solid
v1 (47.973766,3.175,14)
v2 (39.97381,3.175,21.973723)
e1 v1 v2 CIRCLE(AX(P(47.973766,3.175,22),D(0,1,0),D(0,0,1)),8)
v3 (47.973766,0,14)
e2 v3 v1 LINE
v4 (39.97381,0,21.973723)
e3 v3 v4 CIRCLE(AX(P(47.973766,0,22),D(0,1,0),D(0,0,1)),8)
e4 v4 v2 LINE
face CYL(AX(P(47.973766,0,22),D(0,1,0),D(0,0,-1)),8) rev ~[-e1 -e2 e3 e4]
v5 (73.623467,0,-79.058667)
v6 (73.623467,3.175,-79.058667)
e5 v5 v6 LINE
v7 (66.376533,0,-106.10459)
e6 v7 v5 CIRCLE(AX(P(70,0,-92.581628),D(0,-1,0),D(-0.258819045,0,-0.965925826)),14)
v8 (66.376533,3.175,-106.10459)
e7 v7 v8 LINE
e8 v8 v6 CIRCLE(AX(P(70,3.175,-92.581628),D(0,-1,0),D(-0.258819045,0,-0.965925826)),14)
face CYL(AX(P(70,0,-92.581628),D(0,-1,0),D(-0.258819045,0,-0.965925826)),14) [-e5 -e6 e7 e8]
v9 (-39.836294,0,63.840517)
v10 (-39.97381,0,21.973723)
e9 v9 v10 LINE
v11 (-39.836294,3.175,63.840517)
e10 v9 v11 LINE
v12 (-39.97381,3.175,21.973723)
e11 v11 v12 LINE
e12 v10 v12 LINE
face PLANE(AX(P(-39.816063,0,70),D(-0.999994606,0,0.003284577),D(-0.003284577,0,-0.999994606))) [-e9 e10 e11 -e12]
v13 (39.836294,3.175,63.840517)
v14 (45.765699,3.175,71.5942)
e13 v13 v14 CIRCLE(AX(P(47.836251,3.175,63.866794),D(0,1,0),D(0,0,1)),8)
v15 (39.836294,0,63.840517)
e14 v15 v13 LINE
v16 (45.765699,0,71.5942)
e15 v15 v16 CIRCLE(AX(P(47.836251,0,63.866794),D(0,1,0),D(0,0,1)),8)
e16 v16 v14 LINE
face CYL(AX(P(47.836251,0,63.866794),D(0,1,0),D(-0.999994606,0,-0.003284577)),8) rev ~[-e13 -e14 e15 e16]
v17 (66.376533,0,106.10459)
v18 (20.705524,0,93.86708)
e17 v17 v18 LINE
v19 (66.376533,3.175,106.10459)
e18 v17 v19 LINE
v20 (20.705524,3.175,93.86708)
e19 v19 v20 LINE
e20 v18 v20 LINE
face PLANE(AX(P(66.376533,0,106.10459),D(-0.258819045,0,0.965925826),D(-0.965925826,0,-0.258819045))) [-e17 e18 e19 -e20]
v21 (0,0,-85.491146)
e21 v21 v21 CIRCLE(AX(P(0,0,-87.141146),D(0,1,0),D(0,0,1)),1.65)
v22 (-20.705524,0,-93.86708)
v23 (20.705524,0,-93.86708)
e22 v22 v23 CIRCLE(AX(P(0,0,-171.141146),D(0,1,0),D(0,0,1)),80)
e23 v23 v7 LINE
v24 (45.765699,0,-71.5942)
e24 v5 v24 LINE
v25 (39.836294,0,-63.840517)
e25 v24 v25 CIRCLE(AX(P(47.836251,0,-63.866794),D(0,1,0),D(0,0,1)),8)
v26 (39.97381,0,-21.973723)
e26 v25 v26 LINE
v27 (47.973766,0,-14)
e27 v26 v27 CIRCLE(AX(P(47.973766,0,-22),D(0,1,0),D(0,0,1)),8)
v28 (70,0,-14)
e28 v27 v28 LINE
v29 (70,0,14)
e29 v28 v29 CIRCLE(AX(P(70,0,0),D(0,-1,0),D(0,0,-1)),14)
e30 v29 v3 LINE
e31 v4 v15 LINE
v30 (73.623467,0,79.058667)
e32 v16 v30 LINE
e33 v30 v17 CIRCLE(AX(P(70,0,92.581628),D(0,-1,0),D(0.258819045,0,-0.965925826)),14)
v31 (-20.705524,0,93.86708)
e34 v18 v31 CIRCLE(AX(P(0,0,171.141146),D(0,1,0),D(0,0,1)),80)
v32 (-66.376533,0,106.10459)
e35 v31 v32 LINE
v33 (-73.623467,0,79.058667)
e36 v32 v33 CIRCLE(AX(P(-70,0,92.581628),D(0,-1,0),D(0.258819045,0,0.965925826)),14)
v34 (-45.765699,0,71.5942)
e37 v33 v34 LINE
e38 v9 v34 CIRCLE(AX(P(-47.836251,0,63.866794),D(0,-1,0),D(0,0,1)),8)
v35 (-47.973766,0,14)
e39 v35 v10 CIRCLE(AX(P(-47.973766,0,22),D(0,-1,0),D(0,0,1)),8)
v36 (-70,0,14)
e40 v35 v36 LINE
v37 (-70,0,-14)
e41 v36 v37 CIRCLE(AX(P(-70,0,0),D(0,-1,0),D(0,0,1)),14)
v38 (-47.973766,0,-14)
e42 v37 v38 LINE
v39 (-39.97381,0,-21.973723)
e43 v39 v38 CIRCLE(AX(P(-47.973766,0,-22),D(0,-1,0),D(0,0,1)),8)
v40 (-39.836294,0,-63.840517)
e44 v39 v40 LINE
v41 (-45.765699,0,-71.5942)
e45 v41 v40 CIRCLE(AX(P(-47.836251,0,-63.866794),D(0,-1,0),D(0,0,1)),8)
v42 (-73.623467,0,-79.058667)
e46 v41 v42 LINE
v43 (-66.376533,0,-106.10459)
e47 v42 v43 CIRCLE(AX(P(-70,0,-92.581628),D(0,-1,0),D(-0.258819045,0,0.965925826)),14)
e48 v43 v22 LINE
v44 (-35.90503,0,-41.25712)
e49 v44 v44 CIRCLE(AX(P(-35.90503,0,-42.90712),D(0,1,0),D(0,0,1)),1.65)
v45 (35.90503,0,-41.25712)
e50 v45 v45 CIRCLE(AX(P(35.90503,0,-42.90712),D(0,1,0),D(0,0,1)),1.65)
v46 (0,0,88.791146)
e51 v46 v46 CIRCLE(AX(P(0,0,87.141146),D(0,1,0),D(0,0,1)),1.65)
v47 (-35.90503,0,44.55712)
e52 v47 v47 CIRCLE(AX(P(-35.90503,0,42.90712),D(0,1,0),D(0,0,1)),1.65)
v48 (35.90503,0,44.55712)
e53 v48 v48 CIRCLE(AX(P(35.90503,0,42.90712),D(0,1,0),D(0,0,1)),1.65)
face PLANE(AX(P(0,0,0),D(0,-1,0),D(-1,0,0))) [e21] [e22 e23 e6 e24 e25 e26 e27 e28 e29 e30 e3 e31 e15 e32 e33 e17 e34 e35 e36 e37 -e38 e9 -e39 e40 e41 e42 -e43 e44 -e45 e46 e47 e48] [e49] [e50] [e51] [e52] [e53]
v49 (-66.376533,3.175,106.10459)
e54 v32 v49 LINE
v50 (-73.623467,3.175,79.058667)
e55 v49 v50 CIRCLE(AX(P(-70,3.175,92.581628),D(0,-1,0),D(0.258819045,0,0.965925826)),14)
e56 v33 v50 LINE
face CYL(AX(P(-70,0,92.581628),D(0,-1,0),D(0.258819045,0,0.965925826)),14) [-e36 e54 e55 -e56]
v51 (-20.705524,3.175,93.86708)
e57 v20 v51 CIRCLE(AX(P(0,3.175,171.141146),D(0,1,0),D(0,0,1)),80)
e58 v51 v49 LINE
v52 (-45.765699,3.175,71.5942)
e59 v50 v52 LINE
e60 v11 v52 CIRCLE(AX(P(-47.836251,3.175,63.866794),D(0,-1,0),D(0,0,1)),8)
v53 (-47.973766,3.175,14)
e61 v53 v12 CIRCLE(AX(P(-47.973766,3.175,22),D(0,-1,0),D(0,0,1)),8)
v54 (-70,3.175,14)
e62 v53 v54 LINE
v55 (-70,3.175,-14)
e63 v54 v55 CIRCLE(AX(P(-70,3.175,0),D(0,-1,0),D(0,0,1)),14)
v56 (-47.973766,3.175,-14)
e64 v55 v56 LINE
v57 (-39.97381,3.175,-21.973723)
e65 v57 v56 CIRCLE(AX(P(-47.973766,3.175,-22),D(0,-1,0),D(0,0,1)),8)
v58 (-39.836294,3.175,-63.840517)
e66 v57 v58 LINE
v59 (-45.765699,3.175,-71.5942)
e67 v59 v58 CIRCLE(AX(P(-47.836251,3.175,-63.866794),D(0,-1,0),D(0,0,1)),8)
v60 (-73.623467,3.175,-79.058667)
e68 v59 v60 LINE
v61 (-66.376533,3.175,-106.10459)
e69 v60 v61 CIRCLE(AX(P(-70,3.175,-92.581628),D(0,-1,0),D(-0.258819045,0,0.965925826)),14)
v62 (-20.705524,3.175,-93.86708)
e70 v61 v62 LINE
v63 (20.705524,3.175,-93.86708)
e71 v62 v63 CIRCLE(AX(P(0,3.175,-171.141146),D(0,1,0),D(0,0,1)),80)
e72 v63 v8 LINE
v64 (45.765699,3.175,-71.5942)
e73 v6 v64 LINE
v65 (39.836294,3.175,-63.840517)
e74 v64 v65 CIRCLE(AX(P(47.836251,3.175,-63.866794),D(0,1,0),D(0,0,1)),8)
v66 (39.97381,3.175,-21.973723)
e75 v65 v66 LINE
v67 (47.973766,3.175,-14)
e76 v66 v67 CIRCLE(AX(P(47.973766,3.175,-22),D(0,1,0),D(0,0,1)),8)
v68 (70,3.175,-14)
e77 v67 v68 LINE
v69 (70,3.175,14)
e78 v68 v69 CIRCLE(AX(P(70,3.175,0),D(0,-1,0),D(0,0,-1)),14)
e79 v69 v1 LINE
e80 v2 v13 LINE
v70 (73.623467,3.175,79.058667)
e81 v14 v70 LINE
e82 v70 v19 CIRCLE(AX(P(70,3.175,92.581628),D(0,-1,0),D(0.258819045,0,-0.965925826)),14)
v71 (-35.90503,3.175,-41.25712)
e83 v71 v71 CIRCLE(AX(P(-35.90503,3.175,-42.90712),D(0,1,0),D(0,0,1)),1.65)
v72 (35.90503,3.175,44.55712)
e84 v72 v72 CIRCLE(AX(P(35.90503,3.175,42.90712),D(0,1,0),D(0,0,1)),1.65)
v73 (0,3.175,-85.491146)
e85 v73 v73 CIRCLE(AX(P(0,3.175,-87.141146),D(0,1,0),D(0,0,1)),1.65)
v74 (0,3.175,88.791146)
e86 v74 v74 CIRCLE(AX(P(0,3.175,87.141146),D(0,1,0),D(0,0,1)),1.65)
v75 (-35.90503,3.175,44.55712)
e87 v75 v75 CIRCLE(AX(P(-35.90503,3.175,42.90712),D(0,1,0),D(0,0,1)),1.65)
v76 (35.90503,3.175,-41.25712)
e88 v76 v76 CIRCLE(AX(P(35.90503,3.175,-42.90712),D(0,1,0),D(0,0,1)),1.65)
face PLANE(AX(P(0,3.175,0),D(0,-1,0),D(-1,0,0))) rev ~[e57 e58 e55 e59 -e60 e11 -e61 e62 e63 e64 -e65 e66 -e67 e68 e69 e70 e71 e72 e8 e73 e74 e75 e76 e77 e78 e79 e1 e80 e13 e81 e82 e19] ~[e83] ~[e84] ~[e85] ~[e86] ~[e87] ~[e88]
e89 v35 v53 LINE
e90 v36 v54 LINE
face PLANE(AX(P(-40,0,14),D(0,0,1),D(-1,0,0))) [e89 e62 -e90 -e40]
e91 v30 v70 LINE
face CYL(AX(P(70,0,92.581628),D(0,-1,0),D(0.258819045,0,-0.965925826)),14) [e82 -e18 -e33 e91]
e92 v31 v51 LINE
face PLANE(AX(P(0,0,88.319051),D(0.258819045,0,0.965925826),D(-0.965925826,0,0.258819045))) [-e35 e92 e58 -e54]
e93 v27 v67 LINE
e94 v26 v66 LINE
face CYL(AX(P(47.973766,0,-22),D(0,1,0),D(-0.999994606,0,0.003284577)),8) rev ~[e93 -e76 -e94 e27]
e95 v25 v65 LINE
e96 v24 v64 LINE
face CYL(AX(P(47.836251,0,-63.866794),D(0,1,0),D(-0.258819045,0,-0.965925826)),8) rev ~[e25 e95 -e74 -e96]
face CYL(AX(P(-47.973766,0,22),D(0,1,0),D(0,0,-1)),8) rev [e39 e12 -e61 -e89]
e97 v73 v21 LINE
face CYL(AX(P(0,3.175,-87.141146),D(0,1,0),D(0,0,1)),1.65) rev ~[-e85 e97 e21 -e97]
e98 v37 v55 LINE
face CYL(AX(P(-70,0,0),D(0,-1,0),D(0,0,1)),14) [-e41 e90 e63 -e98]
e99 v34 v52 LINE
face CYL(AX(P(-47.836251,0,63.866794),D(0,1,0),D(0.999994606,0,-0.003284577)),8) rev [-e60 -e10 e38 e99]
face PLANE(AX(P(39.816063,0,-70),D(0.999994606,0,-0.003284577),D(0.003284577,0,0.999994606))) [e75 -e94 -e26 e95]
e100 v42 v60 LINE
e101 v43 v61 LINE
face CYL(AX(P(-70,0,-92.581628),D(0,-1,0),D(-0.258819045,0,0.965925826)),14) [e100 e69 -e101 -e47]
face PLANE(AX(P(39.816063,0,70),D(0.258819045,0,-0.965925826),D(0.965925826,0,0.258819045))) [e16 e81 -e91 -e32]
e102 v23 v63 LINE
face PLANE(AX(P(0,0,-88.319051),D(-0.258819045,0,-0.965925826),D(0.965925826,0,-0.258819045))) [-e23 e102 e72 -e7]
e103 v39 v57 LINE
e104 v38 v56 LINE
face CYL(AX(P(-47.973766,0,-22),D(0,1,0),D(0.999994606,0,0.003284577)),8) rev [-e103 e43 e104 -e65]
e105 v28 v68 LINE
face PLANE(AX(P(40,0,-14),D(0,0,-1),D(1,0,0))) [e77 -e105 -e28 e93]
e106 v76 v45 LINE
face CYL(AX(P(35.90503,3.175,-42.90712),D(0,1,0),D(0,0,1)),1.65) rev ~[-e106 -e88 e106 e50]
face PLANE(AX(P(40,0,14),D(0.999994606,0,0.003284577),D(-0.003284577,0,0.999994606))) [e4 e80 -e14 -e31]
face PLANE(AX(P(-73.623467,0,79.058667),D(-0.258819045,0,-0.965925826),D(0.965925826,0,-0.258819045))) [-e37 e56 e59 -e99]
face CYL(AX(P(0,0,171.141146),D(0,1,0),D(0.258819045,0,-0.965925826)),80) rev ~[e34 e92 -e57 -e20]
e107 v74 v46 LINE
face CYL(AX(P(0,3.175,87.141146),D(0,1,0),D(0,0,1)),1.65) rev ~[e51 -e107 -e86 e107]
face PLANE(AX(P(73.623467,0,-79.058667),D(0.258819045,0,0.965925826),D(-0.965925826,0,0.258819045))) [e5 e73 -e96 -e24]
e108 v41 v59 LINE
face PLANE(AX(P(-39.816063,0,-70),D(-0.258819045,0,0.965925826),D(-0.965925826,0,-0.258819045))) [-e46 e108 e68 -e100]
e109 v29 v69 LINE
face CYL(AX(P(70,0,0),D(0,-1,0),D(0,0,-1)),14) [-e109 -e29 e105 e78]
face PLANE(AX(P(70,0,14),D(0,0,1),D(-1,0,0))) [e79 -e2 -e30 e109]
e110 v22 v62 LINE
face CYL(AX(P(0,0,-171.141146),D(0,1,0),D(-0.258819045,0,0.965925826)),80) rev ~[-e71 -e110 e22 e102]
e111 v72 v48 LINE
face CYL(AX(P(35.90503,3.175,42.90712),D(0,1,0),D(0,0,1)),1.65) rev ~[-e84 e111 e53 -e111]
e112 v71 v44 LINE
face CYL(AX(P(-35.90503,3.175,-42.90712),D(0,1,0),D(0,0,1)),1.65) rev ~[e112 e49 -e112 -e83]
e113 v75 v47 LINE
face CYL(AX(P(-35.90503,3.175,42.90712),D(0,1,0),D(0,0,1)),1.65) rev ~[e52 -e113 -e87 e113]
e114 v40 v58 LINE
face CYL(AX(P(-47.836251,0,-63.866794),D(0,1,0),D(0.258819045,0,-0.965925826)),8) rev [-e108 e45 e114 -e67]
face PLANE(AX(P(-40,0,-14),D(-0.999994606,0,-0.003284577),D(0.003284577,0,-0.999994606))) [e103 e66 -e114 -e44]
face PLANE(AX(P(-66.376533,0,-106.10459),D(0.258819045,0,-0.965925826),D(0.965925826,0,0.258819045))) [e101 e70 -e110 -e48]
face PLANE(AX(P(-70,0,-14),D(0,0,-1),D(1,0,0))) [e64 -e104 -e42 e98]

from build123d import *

# Parameters (mm, degrees)
BOSS_EXTRUDE1_DEPTH = 3.175
FILLET1_R           = 80
FILLET2_R           = 8
SKETCH2_R           = 1.65
CUT_EXTRUDE1_DEPTH  = 10


with BuildPart() as part:
    # Sketch1 → Boss-Extrude1 (new body)
    with BuildSketch(Plane(origin=(0, 0, 0), x_dir=(1, 0, 0), z_dir=(0, 1, 0))):
        with BuildLine():
            Line((-70, 14), (-40, 14))
            Line((-40, 14), (-39.816062711, 70))
            Line((-39.816062711, 70), (-73.623466631, 79.058666579))
            ThreePointArc((-73.623466631, 79.058666579), (-83.522961568, 96.205094778), (-66.376533369, 106.104589715))
            Line((-66.376533369, 106.104589715), (0, 88.319051202))
            Line((0, 88.319051202), (66.376533369, 106.104589715))
            ThreePointArc((66.376533369, 106.104589715), (83.522961568, 96.205094778), (73.623466631, 79.058666579))
            Line((73.623466631, 79.058666579), (39.816062711, 70))
            Line((39.816062711, 70), (40, 14))
            Line((40, 14), (70, 14))
            ThreePointArc((70, 14), (84, 0), (70, -14))
            Line((70, -14), (40, -14))
            Line((40, -14), (39.816062711, -70))
            Line((39.816062711, -70), (73.623466631, -79.058666579))
            ThreePointArc((73.623466631, -79.058666579), (83.522961568, -96.205094778), (66.376533369, -106.104589715))
            Line((66.376533369, -106.104589715), (0, -88.319051202))
            Line((0, -88.319051202), (-66.376533369, -106.104589715))
            ThreePointArc((-66.376533369, -106.104589715), (-83.522961568, -96.205094778), (-73.623466631, -79.058666579))
            Line((-73.623466631, -79.058666579), (-39.816062711, -70))
            Line((-39.816062711, -70), (-40, -14))
            Line((-40, -14), (-70, -14))
            ThreePointArc((-70, -14), (-84, 0), (-70, 14))
        make_face()
    extrude(amount=BOSS_EXTRUDE1_DEPTH)

    # Fillet1
    fillet1_edges = [part.edges().sort_by_distance(p)[0] for p in [
        (0, 1.5875, -88.319051202),
        (0, 1.5875, 88.319051202),
    ]]
    fillet(fillet1_edges, radius=FILLET1_R)

    # Fillet2
    fillet2_edges = [part.edges().sort_by_distance(p)[0] for p in [
        (-40, 1.5875, -14),
        (-39.816062711, 1.5875, -70),
        (39.816062711, 1.5875, -70),
        (40, 1.5875, -14),
        (40, 1.5875, 14),
        (39.816062711, 1.5875, 70),
        (-39.816062711, 1.5875, 70),
        (-40, 1.5875, 14),
    ]]
    fillet(fillet2_edges, radius=FILLET2_R)

    # Sketch2 → Cut-Extrude1 (cut)
    with BuildSketch(Plane(origin=(0, 3.175, 0), x_dir=(1, 0, 0), z_dir=(0, 1, 0))):
        with Locations(Location((0, 87.141145635, 0), (0, 0, 270))):
            Circle(SKETCH2_R)
        with Locations(Location((-35.905030257, 42.907120147, 0), (0, 0, 270))):
            Circle(SKETCH2_R)
        with Locations(Location((35.905030257, 42.907120147, 0), (0, 0, 270))):
            Circle(SKETCH2_R)
        with Locations(Location((35.905030257, -42.907120147, 0), (0, 0, 270))):
            Circle(SKETCH2_R)
        with Locations(Location((0, -87.141145635, 0), (0, 0, 270))):
            Circle(SKETCH2_R)
        with Locations(Location((-35.905030257, -42.907120147, 0), (0, 0, 270))):
            Circle(SKETCH2_R)
    extrude(amount=-CUT_EXTRUDE1_DEPTH, mode=Mode.SUBTRACT)


solid = part.part
